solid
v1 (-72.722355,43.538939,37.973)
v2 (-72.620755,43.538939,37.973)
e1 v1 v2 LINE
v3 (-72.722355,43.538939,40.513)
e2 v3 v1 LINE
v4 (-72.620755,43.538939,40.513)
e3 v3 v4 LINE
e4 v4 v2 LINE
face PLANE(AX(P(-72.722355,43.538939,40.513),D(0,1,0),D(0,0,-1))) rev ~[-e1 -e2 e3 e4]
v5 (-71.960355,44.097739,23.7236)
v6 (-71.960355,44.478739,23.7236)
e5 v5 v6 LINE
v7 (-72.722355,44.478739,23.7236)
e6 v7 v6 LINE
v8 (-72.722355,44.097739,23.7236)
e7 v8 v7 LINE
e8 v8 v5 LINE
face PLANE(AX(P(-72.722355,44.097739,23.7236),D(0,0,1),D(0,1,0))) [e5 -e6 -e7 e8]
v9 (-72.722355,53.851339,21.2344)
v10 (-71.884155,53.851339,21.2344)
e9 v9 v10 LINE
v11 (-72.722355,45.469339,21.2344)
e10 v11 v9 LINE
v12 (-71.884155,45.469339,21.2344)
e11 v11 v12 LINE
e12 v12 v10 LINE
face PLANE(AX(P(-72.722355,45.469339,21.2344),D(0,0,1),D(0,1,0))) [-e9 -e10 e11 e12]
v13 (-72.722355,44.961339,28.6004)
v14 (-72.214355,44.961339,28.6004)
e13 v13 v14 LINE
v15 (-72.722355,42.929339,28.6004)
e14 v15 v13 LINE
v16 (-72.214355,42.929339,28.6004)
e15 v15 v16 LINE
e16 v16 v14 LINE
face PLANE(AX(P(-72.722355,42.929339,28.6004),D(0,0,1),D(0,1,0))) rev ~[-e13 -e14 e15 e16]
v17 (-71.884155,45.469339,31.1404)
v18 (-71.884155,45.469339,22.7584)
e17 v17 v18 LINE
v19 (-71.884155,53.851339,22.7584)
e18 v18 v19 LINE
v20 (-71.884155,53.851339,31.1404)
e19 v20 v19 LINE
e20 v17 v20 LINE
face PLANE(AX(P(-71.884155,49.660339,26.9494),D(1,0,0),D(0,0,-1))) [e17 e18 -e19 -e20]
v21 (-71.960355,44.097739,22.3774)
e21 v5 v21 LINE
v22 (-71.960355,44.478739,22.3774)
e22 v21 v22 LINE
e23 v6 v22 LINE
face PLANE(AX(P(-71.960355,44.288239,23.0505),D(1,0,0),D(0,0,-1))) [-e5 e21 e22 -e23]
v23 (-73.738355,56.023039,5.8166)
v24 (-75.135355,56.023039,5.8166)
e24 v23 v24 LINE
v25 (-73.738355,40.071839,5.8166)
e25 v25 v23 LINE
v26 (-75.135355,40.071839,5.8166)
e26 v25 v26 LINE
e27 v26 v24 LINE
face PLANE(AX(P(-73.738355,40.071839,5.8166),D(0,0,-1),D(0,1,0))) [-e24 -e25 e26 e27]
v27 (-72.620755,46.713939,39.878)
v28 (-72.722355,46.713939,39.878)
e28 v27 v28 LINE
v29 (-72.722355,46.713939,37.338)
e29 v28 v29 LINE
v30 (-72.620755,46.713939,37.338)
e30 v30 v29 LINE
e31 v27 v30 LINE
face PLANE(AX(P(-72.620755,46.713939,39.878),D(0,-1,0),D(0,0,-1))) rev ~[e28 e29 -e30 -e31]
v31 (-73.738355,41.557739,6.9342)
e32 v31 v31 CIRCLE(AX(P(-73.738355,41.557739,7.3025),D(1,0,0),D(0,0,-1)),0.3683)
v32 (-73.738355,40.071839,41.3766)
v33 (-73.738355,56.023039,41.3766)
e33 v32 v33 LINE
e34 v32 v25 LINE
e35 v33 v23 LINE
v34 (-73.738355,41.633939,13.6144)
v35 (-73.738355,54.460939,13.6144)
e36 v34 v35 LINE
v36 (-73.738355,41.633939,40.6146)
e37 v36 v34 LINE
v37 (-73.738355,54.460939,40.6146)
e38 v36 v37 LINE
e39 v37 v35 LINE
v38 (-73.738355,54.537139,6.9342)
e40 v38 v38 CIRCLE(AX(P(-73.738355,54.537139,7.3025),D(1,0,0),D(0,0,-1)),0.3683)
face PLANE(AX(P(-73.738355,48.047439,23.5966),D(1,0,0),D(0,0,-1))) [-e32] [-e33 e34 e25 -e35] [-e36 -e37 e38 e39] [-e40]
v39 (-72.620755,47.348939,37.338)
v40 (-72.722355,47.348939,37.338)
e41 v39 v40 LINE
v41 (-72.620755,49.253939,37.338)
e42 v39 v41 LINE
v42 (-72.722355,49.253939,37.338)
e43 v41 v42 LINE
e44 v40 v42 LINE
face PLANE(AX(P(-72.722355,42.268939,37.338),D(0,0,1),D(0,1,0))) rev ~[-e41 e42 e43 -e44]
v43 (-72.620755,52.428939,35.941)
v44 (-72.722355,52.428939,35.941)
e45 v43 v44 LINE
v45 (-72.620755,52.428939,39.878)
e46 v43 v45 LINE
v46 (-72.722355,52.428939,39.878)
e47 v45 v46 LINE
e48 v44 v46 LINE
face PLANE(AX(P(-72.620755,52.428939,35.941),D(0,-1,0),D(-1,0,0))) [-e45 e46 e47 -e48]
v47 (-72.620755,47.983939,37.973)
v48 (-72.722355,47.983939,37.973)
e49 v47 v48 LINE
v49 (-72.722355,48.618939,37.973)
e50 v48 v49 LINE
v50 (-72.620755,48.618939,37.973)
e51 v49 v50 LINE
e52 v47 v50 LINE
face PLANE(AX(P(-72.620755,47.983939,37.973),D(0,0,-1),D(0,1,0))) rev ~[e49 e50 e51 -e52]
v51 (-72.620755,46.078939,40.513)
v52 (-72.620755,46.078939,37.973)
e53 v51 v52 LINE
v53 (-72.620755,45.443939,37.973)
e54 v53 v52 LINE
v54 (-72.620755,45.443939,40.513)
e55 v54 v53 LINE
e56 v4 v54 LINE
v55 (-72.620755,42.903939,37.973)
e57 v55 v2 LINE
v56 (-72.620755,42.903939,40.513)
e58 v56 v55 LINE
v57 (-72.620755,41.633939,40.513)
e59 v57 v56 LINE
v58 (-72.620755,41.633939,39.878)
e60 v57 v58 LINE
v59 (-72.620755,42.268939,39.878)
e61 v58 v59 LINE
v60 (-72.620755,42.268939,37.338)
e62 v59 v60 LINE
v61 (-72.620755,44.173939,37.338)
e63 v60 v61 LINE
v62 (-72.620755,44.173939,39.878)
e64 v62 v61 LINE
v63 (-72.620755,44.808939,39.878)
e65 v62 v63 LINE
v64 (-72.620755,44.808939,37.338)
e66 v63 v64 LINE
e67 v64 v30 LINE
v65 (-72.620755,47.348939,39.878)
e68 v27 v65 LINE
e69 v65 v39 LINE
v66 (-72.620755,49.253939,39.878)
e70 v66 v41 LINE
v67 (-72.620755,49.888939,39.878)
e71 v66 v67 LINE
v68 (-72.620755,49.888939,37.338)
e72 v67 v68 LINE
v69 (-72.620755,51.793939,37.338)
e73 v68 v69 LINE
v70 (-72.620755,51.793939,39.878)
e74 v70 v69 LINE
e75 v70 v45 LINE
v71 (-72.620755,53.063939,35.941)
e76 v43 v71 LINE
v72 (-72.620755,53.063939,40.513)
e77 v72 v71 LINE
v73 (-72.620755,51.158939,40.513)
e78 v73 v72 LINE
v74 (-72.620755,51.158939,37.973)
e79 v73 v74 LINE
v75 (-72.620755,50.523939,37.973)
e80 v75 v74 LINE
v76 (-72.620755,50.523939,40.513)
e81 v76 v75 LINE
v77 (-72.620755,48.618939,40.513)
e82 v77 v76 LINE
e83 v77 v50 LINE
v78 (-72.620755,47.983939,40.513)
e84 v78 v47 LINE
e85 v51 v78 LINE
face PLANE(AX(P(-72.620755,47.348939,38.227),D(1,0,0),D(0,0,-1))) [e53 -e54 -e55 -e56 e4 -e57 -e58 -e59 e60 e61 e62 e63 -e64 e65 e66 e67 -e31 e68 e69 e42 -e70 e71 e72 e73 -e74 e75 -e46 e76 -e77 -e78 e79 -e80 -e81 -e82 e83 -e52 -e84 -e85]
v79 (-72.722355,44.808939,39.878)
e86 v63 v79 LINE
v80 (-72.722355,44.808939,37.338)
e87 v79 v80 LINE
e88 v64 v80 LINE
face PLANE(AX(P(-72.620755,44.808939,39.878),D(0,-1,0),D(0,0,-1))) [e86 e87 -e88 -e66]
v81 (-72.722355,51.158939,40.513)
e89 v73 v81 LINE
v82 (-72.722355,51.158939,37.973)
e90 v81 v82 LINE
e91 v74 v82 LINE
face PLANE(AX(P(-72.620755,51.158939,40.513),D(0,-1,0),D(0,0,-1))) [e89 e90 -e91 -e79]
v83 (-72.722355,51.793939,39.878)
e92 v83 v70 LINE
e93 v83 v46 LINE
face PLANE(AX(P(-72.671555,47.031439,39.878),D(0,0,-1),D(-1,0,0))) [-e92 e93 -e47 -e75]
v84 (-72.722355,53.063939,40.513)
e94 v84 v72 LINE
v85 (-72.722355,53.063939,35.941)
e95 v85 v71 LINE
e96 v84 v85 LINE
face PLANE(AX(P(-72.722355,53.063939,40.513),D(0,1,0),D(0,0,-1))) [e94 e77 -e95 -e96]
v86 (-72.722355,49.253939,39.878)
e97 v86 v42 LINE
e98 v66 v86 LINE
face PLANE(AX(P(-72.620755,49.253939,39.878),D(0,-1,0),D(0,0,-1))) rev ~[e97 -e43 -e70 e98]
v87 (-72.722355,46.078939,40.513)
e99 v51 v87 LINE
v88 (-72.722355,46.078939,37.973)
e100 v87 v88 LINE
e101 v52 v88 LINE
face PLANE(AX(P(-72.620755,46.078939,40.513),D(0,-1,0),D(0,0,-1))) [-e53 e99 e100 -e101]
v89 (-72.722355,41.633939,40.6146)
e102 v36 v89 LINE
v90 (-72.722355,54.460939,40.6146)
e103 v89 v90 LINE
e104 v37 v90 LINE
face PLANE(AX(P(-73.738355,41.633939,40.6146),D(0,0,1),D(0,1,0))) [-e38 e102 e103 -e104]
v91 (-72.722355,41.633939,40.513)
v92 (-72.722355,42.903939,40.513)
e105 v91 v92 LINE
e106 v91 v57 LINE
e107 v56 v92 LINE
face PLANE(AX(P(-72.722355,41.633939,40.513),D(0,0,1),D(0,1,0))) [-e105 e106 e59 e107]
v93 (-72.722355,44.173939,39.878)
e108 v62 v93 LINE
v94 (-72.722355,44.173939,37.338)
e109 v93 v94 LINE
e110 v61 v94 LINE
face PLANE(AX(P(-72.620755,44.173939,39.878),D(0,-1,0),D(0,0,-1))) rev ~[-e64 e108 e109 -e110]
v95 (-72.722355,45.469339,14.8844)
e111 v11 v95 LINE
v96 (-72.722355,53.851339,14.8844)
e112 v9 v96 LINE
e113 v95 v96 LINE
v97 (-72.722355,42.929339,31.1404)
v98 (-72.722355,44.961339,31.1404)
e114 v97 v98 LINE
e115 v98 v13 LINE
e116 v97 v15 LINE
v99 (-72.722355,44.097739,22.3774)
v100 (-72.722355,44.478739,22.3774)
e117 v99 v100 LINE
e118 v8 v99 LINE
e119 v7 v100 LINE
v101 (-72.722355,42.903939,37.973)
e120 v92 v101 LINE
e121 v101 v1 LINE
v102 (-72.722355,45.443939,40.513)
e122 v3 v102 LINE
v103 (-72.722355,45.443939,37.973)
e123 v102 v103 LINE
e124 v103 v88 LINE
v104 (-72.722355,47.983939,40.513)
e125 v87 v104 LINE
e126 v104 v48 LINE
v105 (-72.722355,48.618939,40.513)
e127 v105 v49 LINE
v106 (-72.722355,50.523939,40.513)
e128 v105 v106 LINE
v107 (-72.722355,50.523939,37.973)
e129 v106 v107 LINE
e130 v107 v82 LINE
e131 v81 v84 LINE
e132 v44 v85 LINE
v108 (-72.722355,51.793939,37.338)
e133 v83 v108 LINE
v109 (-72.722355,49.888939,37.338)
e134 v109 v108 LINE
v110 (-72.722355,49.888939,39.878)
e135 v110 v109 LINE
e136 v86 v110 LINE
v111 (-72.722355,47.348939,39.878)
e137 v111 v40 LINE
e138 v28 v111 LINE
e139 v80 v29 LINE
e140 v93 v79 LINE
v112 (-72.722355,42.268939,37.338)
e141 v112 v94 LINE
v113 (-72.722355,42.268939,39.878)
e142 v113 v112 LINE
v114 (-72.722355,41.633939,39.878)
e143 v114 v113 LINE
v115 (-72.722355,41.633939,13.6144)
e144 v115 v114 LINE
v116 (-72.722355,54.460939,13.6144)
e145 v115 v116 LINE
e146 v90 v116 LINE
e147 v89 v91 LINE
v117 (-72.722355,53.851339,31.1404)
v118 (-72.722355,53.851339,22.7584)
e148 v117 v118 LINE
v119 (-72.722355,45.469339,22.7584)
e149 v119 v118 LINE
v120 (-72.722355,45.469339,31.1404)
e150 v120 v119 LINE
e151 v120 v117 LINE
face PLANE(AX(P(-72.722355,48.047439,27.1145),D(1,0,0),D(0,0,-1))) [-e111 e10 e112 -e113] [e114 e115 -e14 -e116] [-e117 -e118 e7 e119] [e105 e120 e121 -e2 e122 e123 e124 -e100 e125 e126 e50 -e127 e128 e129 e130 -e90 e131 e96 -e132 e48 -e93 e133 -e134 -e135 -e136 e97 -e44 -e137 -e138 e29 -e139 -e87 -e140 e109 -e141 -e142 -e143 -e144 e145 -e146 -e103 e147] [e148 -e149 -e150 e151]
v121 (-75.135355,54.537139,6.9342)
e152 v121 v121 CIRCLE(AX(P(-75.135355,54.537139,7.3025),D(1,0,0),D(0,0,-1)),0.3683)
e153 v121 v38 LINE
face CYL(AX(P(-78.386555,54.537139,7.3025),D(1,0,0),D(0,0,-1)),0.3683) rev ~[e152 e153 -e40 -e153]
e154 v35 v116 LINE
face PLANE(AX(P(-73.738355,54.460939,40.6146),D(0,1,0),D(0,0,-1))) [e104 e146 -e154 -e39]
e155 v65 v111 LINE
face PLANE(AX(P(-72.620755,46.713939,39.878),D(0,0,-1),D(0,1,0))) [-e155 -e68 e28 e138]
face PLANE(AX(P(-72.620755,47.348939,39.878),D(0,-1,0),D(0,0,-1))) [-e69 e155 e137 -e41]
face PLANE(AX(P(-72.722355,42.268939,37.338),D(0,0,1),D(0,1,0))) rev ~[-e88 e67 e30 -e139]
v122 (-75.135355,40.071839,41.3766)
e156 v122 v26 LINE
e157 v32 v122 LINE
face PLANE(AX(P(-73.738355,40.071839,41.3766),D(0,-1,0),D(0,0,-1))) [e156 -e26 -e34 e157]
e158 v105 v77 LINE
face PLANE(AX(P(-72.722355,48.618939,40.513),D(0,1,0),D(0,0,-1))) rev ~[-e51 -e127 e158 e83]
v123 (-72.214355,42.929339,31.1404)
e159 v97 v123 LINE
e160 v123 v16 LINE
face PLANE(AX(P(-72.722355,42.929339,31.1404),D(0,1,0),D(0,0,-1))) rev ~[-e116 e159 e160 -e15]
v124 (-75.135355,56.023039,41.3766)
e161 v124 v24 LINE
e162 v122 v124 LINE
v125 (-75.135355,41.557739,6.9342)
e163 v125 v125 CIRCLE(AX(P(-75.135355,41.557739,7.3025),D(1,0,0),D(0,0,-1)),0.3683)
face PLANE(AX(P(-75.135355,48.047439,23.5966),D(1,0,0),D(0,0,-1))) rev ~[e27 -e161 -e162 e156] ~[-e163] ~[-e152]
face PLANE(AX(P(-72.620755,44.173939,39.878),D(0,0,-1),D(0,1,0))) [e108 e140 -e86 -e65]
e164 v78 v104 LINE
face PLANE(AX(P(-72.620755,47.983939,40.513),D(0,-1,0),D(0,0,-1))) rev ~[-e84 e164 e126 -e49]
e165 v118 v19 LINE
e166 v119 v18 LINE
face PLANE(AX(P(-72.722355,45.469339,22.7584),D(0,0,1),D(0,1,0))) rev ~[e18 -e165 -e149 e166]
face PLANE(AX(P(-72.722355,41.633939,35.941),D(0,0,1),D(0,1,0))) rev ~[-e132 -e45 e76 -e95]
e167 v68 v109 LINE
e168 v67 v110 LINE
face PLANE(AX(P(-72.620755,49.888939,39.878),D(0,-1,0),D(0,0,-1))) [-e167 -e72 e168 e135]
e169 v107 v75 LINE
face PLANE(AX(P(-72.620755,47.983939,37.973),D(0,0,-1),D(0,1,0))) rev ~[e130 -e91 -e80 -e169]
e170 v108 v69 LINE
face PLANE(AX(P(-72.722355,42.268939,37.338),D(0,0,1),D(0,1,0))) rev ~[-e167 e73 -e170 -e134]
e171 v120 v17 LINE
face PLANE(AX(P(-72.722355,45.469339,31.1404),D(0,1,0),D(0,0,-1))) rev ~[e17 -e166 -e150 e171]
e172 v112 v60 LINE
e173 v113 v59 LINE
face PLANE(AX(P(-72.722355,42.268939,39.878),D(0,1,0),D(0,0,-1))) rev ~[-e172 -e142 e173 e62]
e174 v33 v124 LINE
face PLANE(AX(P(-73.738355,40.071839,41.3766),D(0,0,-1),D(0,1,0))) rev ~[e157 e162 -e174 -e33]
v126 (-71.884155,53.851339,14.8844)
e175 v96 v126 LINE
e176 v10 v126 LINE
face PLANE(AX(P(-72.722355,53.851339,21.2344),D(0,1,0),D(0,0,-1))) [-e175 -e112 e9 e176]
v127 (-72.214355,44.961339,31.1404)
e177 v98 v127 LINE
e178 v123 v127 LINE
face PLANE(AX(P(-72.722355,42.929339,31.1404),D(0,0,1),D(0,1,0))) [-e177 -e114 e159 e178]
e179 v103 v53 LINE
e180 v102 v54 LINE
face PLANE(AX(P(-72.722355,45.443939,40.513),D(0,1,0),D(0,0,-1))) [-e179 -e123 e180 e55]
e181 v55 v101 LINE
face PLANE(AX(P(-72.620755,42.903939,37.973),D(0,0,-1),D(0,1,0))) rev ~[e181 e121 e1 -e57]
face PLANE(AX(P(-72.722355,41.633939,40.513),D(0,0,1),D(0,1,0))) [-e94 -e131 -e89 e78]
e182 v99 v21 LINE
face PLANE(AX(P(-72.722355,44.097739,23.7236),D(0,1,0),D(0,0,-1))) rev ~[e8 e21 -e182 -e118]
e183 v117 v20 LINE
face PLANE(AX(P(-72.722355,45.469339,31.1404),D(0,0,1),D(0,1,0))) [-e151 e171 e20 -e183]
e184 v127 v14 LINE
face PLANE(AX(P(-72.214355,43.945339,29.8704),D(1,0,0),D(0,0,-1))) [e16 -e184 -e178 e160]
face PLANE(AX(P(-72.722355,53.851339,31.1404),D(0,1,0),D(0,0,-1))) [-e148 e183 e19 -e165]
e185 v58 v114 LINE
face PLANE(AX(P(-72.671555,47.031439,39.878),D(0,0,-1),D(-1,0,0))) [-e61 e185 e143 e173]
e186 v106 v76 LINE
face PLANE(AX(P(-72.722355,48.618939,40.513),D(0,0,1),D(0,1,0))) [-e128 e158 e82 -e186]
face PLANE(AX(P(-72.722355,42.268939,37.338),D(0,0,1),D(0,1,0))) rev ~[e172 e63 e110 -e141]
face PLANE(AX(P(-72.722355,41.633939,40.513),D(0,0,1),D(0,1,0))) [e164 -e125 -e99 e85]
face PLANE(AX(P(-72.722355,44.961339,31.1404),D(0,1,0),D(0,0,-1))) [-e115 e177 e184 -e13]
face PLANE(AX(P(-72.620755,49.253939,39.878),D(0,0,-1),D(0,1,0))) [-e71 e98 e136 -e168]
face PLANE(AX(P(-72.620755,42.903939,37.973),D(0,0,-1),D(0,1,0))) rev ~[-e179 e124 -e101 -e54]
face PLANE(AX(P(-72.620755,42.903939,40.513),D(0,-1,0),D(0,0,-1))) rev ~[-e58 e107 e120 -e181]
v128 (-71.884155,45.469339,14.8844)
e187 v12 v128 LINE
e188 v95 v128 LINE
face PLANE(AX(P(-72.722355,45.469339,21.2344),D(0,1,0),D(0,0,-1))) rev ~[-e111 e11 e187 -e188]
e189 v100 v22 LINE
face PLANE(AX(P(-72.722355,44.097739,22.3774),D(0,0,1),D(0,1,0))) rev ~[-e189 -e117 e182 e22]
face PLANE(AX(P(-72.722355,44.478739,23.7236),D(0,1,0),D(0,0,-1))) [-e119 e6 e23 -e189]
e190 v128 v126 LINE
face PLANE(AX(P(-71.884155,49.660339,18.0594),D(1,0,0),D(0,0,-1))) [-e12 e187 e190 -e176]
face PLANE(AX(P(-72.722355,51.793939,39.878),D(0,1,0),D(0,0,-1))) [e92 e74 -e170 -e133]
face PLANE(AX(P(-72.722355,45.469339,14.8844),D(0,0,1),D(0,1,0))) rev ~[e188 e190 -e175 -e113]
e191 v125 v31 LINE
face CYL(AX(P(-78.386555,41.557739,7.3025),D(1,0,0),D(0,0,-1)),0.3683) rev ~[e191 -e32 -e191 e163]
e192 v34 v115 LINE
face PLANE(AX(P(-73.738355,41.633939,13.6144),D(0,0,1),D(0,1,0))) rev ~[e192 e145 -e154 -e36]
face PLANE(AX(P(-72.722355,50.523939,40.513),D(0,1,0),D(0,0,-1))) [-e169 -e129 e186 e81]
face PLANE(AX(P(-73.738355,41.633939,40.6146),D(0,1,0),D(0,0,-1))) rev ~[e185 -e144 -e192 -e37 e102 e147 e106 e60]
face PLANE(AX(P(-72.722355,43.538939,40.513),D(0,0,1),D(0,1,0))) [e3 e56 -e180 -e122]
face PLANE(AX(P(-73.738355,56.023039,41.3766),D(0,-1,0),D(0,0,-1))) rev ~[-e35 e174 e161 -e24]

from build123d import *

# Parameters (mm, degrees)
SKETCH1_W            = 35.56
SKETCH1_H            = 15.9512
BOSS_EXTRUDE1_DEPTH  = 1.397
SKETCH14_W           = 27.0002
SKETCH14_H           = 12.827
BOSS_EXTRUDE14_DEPTH = 1.016
SKETCH15_W           = 4.572
SKETCH15_H           = 11.43
BOSS_EXTRUDE15_DEPTH = 0.1016
SKETCH16_W           = 0.1016
SKETCH16_H           = 10.795
CUT_EXTRUDE1_DEPTH   = 3.937
SKETCH17_W           = 2.54
SKETCH17_H           = 9.525
BOSS_EXTRUDE16_DEPTH = 0.1016
SKETCH18_W           = 2.54
SKETCH18_H           = 3.175
CUT_EXTRUDE2_DEPTH   = 0.1016
SKETCH19_W           = 2.54
SKETCH19_H           = 1.905
BOSS_EXTRUDE17_DEPTH = 0.1016
SKETCH20_W           = 2.54
SKETCH20_H           = 0.635
CUT_EXTRUDE3_DEPTH   = 0.1016
SKETCH21_W           = 2.54
SKETCH21_H           = 0.635
CUT_EXTRUDE4_DEPTH   = 0.1016
SKETCH22_W           = 2.54
SKETCH22_H           = 3.175
CUT_EXTRUDE5_DEPTH   = 0.1016
SKETCH23_W           = 2.54
SKETCH23_H           = 1.905
BOSS_EXTRUDE18_DEPTH = 0.1016
SKETCH24_W           = 2.54
SKETCH24_H           = 0.635
CUT_EXTRUDE6_DEPTH   = 0.1016
SKETCH25_W           = 1.3462
SKETCH25_H           = 0.381
BOSS_EXTRUDE19_DEPTH = 0.762
SKETCH26_W           = 6.35
SKETCH26_H           = 8.382
BOSS_EXTRUDE20_DEPTH = 0.8382
SKETCH27_W           = 8.382
SKETCH27_H           = 8.382
BOSS_EXTRUDE21_DEPTH = 0.8382
SKETCH28_W           = 2.54
SKETCH28_H           = 2.032
BOSS_EXTRUDE22_DEPTH = 0.508
HOLE1_D              = 0.7366
HOLE1_DEPTH          = 3.2512


with BuildPart() as part:
    # Sketch1 → Boss-Extrude1 (new body)
    with BuildSketch(Plane(origin=(-73.738355388, 0, 0), x_dir=(0, 0, -1), z_dir=(1, 0, 0))):
        with Locations((-23.5966, 48.047439016)):
            Rectangle(SKETCH1_W, SKETCH1_H)
    extrude(amount=-BOSS_EXTRUDE1_DEPTH)

    # Sketch14 → Boss-Extrude14 (add)
    with BuildSketch(Plane(origin=(-73.738355388, 0, 0), x_dir=(0, 0, -1), z_dir=(1, 0, 0))):
        with Locations((-27.1145, 48.047439016)):
            Rectangle(SKETCH14_W, SKETCH14_H)
    extrude(amount=BOSS_EXTRUDE14_DEPTH)

    # Sketch15 → Boss-Extrude15 (add)
    with BuildSketch(Plane(origin=(-72.722355388, 0, 0), x_dir=(0, 0, -1), z_dir=(1, 0, 0))):
        with Locations((-38.227, 47.348939016)):
            Rectangle(SKETCH15_W, SKETCH15_H)
    extrude(amount=BOSS_EXTRUDE15_DEPTH)

    # Sketch16 → Cut-Extrude1 (cut)
    with BuildSketch(Plane(origin=(0, 0, 35.941), x_dir=(-1, 0, 0), z_dir=(0, 0, -1))):
        with Locations((72.671555388, 47.031439016)):
            Rectangle(SKETCH16_W, SKETCH16_H)
    extrude(amount=-CUT_EXTRUDE1_DEPTH, mode=Mode.SUBTRACT)

    # Sketch17 → Boss-Extrude16 (add)
    with BuildSketch(Plane(origin=(-72.722355388, 0, 0), x_dir=(0, 0, -1), z_dir=(1, 0, 0))):
        with Locations((-38.608, 47.031439016)):
            Rectangle(SKETCH17_W, SKETCH17_H)
    extrude(amount=BOSS_EXTRUDE16_DEPTH)

    # Sketch18 → Cut-Extrude2 (cut)
    with BuildSketch(Plane(origin=(-72.620755388, 0, 0), x_dir=(0, 0, -1), z_dir=(1, 0, 0))):
        with Locations((-39.243, 49.571439016)):
            Rectangle(SKETCH18_W, SKETCH18_H)
    extrude(amount=-CUT_EXTRUDE2_DEPTH, mode=Mode.SUBTRACT)

    # Sketch19 → Boss-Extrude17 (add)
    with BuildSketch(Plane(origin=(-72.722355388, 0, 0), x_dir=(0, 0, -1), z_dir=(1, 0, 0))):
        with Locations((-39.243, 49.571439016)):
            Rectangle(SKETCH19_W, SKETCH19_H)
    extrude(amount=BOSS_EXTRUDE17_DEPTH)

    # Sketch20 → Cut-Extrude3 (cut)
    with BuildSketch(Plane(origin=(-72.620755388, 0, 0), x_dir=(0, 0, -1), z_dir=(1, 0, 0))):
        with Locations((-38.608, 49.571439016)):
            Rectangle(SKETCH20_W, SKETCH20_H)
    extrude(amount=-CUT_EXTRUDE3_DEPTH, mode=Mode.SUBTRACT)

    # Sketch21 → Cut-Extrude4 (cut)
    with BuildSketch(Plane(origin=(-72.620755388, 0, 0), x_dir=(0, 0, -1), z_dir=(1, 0, 0))):
        with Locations((-38.608, 47.031439016)):
            Rectangle(SKETCH21_W, SKETCH21_H)
    extrude(amount=-CUT_EXTRUDE4_DEPTH, mode=Mode.SUBTRACT)

    # Sketch22 → Cut-Extrude5 (cut)
    with BuildSketch(Plane(origin=(-72.620755388, 0, 0), x_dir=(0, 0, -1), z_dir=(1, 0, 0))):
        with Locations((-39.243, 44.491439016)):
            Rectangle(SKETCH22_W, SKETCH22_H)
    extrude(amount=-CUT_EXTRUDE5_DEPTH, mode=Mode.SUBTRACT)

    # Sketch23 → Boss-Extrude18 (add)
    with BuildSketch(Plane(origin=(-72.722355388, 0, 0), x_dir=(0, 0, -1), z_dir=(1, 0, 0))):
        with Locations((-39.243, 44.491439016)):
            Rectangle(SKETCH23_W, SKETCH23_H)
    extrude(amount=BOSS_EXTRUDE18_DEPTH)

    # Sketch24 → Cut-Extrude6 (cut)
    with BuildSketch(Plane(origin=(-72.620755388, 0, 0), x_dir=(0, 0, -1), z_dir=(1, 0, 0))):
        with Locations((-38.608, 44.491439016)):
            Rectangle(SKETCH24_W, SKETCH24_H)
    extrude(amount=-CUT_EXTRUDE6_DEPTH, mode=Mode.SUBTRACT)

    # Sketch25 → Boss-Extrude19 (add)
    with BuildSketch(Plane(origin=(-72.722355388, 0, 0), x_dir=(0, 0, -1), z_dir=(1, 0, 0))):
        with Locations((-23.0505, 44.288239016)):
            Rectangle(SKETCH25_W, SKETCH25_H)
    extrude(amount=BOSS_EXTRUDE19_DEPTH)

    # Sketch26 → Boss-Extrude20 (add)
    with BuildSketch(Plane(origin=(-72.722355388, 0, 0), x_dir=(0, 0, -1), z_dir=(1, 0, 0))):
        with Locations((-18.0594, 49.660339016)):
            Rectangle(SKETCH26_W, SKETCH26_H)
    extrude(amount=BOSS_EXTRUDE20_DEPTH)

    # Sketch27 → Boss-Extrude21 (add)
    with BuildSketch(Plane(origin=(-72.722355388, 0, 0), x_dir=(0, 0, -1), z_dir=(1, 0, 0))):
        with Locations((-26.9494, 49.660339016)):
            Rectangle(SKETCH27_W, SKETCH27_H)
    extrude(amount=BOSS_EXTRUDE21_DEPTH)

    # Sketch28 → Boss-Extrude22 (add)
    with BuildSketch(Plane(origin=(-72.722355388, 0, 0), x_dir=(0, 0, -1), z_dir=(1, 0, 0))):
        with Locations((-29.8704, 43.945339016)):
            Rectangle(SKETCH28_W, SKETCH28_H)
    extrude(amount=BOSS_EXTRUDE22_DEPTH)

    # Hole1
    with Locations(Plane.ZY.offset(75.135355388)):
        with Locations((7.3025, 41.557739016), (7.3025, 54.537139016)):
            Hole(HOLE1_D / 2, depth=HOLE1_DEPTH)


solid = part.part
